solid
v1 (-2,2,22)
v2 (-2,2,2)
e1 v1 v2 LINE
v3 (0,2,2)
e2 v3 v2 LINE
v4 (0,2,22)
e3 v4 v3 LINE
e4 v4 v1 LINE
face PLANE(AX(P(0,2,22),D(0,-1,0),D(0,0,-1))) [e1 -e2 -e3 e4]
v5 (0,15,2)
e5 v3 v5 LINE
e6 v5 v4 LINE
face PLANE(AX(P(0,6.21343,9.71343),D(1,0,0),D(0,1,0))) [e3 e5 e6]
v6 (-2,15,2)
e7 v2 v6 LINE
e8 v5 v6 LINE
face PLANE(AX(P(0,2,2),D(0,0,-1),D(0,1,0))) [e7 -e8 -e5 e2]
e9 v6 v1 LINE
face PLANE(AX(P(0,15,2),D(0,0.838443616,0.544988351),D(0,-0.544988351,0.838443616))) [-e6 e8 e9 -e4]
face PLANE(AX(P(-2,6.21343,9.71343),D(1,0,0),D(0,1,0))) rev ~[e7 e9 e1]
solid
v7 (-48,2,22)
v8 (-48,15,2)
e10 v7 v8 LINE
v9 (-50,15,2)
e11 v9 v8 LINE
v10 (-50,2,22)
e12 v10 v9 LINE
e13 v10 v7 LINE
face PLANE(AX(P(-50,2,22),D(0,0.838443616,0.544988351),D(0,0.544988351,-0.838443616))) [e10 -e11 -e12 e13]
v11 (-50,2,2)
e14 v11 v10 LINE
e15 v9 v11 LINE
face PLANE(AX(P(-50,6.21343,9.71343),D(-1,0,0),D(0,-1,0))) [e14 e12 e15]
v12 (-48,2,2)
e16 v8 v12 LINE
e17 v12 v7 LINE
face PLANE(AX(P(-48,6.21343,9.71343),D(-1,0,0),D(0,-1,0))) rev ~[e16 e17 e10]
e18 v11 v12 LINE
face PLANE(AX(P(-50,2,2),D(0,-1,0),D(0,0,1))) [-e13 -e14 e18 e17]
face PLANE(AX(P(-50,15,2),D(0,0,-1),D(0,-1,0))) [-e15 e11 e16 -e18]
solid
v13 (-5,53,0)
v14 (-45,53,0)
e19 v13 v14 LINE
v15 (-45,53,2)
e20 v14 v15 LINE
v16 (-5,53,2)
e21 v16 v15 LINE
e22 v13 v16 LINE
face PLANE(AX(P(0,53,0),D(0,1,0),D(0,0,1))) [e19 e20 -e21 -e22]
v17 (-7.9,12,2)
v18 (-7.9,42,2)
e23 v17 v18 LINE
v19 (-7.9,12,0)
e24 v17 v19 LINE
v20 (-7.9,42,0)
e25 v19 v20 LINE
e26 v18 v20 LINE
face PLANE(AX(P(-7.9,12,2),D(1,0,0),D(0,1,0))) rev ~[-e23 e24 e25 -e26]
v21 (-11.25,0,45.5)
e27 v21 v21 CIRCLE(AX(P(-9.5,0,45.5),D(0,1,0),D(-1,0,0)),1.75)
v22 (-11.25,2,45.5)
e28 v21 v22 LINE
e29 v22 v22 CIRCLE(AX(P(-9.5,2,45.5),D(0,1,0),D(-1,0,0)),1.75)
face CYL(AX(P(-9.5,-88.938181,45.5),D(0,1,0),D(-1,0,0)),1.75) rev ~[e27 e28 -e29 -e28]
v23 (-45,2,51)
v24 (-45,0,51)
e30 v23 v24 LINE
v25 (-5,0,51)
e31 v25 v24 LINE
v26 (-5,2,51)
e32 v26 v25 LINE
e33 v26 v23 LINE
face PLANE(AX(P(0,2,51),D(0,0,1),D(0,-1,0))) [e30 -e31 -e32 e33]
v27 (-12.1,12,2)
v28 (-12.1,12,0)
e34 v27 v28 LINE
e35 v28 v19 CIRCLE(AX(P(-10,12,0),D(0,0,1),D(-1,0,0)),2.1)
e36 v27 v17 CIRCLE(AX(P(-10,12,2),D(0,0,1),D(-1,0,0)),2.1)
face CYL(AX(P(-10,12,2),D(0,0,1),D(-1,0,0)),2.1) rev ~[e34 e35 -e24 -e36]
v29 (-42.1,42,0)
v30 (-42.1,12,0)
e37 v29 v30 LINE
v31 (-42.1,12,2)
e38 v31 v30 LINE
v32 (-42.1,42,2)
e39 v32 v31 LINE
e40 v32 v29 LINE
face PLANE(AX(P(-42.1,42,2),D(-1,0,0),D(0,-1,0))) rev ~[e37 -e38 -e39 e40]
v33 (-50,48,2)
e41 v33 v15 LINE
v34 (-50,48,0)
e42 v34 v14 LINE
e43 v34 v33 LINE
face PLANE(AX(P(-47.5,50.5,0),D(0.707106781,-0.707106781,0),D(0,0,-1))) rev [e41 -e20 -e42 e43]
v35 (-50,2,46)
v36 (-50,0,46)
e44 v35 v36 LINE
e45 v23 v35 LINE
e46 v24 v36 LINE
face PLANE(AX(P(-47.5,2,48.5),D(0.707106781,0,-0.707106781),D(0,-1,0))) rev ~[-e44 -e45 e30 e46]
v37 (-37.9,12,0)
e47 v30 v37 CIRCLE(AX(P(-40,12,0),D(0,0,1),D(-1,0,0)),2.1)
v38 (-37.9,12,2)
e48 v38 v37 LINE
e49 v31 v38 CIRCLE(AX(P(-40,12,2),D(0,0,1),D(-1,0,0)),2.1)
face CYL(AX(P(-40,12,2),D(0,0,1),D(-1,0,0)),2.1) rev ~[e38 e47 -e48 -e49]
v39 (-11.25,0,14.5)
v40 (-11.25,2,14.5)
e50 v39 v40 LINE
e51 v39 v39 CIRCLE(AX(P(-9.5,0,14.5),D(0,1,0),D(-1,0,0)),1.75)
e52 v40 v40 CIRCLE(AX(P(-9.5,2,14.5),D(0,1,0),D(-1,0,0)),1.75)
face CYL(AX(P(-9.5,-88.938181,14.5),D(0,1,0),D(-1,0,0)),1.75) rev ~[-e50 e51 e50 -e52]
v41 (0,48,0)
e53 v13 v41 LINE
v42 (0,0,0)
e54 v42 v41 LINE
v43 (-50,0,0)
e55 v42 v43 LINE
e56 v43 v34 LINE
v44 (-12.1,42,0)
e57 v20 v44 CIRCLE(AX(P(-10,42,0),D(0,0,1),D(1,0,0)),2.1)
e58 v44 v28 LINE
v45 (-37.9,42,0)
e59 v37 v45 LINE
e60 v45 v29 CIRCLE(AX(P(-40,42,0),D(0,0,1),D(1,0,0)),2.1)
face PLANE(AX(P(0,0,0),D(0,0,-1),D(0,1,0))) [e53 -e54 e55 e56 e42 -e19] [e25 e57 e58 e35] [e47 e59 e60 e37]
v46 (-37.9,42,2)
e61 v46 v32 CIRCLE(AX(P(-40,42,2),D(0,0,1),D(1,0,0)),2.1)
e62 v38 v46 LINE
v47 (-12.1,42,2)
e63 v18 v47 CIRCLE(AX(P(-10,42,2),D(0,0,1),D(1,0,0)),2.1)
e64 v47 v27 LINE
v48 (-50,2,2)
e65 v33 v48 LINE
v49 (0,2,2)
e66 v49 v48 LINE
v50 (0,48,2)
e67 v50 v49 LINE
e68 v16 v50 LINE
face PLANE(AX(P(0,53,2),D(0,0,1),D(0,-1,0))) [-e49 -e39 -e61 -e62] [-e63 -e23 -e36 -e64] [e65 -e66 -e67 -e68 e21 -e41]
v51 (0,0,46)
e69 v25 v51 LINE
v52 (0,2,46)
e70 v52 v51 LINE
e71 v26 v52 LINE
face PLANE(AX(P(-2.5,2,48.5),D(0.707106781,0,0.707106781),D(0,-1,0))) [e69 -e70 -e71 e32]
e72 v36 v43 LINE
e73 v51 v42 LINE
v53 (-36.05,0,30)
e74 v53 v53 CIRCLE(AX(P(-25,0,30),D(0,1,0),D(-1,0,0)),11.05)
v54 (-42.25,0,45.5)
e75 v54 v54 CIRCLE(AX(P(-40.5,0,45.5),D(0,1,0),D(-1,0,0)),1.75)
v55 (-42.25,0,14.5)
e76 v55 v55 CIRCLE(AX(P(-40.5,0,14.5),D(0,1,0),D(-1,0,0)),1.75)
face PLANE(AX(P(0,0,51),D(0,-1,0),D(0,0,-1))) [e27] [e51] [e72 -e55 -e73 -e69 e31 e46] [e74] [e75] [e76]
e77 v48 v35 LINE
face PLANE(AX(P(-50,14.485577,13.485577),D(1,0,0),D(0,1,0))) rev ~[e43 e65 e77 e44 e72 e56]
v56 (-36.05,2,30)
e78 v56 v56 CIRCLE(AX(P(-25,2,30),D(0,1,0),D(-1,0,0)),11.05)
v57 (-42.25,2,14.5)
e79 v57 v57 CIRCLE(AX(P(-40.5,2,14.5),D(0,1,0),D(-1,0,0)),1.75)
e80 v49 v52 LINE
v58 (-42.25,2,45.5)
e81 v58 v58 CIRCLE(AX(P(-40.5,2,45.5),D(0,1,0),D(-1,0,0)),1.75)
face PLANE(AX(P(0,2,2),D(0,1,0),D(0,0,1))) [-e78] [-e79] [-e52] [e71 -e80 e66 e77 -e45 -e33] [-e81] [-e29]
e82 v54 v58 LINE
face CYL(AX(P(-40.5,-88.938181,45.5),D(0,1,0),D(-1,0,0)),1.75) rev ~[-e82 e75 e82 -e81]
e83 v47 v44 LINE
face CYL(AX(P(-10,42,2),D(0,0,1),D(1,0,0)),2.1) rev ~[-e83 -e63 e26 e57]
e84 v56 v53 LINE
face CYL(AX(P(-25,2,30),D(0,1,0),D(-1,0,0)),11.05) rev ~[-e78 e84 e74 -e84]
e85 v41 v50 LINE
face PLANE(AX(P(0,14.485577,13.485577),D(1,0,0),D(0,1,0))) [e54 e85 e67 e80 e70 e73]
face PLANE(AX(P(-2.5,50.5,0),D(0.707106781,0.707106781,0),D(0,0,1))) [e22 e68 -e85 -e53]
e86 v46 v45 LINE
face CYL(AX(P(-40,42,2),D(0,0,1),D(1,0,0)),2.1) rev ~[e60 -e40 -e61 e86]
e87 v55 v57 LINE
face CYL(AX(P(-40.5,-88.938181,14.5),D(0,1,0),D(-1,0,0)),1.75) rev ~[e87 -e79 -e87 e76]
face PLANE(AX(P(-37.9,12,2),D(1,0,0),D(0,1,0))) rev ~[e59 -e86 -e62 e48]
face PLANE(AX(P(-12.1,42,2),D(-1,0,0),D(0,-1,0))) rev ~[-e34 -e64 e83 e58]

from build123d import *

# Parameters (mm, degrees)
F1_DEPTH  = 50
F2_R      = 11.05
F3_DEPTH  = 2
F5_D      = 3.5
F6_SIZE   = 5
F8_DEPTH  = 2
F9_SIZE   = 5
F10_SIZE  = 5
F12_DEPTH = 2
F14_DEPTH = 2


with BuildPart() as f1:
    # F0 (on Right) → F1 (new body)
    with BuildSketch(Plane.YZ):
        Polygon((2, 51), (0, 51), (0, 0), (53, 0), (53, 2), (2, 2), align=None)
    extrude(amount=-F1_DEPTH)

    # F2 (on face) → F3 (cut)
    with BuildSketch(Plane(origin=(0, 2, 0), x_dir=(-1, 0, 0), z_dir=(0, 1, 0))):
        with Locations((25, 30)):
            Circle(F2_R)
    extrude(amount=-F3_DEPTH, mode=Mode.SUBTRACT)

    # F5 (through all)
    with Locations(Plane.XZ):
        with Locations((-9.5, 45.5), (-40.5, 45.5), (-40.5, 14.5), (-9.5, 14.5)):
            Hole(F5_D / 2)

    # F6
    f6_edges = [f1.edges().sort_by_distance(p)[0] for p in [
        (0, 1, 51),
        (-50, 1, 51),
    ]]
    chamfer(f6_edges, length=F6_SIZE)

    # F7 (on face) → F8 (cut, through all)
    with BuildSketch(Plane.XY.offset(2)):
        with BuildLine():
            Line((-12.1, 42), (-12.1, 12))
            ThreePointArc((-12.1, 12), (-10, 9.9), (-7.9, 12))
            Line((-7.9, 12), (-7.9, 42))
            ThreePointArc((-7.9, 42), (-10, 44.1), (-12.1, 42))
        make_face()
        with BuildLine():
            ThreePointArc((-37.9, 42), (-40, 44.1), (-42.1, 42))
            Line((-42.1, 42), (-42.1, 12))
            ThreePointArc((-42.1, 12), (-40, 9.9), (-37.9, 12))
            Line((-37.9, 12), (-37.9, 42))
        make_face()
    extrude(amount=-F8_DEPTH, mode=Mode.SUBTRACT)

    # F9
    f9_edges = [f1.edges().sort_by_distance(p)[0] for p in [
        (-50, 53, 1),
    ]]
    chamfer(f9_edges, length=F9_SIZE)

    # F10
    f10_edges = [f1.edges().sort_by_distance(p)[0] for p in [
        (0, 53, 1),
    ]]
    chamfer(f10_edges, length=F10_SIZE)


with BuildPart() as f12:
    # F11 (on face) → F12 (new body)
    with BuildSketch(Plane.YZ):
        Polygon((2, 22), (2, 2), (15, 2), align=None)
    extrude(amount=-F12_DEPTH)


with BuildPart() as f14:
    # F13 (on face) → F14 (new body)
    with BuildSketch(Plane(origin=(-50, 0, 0), x_dir=(0, -1, 0), z_dir=(-1, 0, 0))):
        Polygon((-15, 2), (-2, 2), (-2, 22), align=None)
    extrude(amount=-F14_DEPTH)


solid = Compound([f1.part, f12.part, f14.part])
